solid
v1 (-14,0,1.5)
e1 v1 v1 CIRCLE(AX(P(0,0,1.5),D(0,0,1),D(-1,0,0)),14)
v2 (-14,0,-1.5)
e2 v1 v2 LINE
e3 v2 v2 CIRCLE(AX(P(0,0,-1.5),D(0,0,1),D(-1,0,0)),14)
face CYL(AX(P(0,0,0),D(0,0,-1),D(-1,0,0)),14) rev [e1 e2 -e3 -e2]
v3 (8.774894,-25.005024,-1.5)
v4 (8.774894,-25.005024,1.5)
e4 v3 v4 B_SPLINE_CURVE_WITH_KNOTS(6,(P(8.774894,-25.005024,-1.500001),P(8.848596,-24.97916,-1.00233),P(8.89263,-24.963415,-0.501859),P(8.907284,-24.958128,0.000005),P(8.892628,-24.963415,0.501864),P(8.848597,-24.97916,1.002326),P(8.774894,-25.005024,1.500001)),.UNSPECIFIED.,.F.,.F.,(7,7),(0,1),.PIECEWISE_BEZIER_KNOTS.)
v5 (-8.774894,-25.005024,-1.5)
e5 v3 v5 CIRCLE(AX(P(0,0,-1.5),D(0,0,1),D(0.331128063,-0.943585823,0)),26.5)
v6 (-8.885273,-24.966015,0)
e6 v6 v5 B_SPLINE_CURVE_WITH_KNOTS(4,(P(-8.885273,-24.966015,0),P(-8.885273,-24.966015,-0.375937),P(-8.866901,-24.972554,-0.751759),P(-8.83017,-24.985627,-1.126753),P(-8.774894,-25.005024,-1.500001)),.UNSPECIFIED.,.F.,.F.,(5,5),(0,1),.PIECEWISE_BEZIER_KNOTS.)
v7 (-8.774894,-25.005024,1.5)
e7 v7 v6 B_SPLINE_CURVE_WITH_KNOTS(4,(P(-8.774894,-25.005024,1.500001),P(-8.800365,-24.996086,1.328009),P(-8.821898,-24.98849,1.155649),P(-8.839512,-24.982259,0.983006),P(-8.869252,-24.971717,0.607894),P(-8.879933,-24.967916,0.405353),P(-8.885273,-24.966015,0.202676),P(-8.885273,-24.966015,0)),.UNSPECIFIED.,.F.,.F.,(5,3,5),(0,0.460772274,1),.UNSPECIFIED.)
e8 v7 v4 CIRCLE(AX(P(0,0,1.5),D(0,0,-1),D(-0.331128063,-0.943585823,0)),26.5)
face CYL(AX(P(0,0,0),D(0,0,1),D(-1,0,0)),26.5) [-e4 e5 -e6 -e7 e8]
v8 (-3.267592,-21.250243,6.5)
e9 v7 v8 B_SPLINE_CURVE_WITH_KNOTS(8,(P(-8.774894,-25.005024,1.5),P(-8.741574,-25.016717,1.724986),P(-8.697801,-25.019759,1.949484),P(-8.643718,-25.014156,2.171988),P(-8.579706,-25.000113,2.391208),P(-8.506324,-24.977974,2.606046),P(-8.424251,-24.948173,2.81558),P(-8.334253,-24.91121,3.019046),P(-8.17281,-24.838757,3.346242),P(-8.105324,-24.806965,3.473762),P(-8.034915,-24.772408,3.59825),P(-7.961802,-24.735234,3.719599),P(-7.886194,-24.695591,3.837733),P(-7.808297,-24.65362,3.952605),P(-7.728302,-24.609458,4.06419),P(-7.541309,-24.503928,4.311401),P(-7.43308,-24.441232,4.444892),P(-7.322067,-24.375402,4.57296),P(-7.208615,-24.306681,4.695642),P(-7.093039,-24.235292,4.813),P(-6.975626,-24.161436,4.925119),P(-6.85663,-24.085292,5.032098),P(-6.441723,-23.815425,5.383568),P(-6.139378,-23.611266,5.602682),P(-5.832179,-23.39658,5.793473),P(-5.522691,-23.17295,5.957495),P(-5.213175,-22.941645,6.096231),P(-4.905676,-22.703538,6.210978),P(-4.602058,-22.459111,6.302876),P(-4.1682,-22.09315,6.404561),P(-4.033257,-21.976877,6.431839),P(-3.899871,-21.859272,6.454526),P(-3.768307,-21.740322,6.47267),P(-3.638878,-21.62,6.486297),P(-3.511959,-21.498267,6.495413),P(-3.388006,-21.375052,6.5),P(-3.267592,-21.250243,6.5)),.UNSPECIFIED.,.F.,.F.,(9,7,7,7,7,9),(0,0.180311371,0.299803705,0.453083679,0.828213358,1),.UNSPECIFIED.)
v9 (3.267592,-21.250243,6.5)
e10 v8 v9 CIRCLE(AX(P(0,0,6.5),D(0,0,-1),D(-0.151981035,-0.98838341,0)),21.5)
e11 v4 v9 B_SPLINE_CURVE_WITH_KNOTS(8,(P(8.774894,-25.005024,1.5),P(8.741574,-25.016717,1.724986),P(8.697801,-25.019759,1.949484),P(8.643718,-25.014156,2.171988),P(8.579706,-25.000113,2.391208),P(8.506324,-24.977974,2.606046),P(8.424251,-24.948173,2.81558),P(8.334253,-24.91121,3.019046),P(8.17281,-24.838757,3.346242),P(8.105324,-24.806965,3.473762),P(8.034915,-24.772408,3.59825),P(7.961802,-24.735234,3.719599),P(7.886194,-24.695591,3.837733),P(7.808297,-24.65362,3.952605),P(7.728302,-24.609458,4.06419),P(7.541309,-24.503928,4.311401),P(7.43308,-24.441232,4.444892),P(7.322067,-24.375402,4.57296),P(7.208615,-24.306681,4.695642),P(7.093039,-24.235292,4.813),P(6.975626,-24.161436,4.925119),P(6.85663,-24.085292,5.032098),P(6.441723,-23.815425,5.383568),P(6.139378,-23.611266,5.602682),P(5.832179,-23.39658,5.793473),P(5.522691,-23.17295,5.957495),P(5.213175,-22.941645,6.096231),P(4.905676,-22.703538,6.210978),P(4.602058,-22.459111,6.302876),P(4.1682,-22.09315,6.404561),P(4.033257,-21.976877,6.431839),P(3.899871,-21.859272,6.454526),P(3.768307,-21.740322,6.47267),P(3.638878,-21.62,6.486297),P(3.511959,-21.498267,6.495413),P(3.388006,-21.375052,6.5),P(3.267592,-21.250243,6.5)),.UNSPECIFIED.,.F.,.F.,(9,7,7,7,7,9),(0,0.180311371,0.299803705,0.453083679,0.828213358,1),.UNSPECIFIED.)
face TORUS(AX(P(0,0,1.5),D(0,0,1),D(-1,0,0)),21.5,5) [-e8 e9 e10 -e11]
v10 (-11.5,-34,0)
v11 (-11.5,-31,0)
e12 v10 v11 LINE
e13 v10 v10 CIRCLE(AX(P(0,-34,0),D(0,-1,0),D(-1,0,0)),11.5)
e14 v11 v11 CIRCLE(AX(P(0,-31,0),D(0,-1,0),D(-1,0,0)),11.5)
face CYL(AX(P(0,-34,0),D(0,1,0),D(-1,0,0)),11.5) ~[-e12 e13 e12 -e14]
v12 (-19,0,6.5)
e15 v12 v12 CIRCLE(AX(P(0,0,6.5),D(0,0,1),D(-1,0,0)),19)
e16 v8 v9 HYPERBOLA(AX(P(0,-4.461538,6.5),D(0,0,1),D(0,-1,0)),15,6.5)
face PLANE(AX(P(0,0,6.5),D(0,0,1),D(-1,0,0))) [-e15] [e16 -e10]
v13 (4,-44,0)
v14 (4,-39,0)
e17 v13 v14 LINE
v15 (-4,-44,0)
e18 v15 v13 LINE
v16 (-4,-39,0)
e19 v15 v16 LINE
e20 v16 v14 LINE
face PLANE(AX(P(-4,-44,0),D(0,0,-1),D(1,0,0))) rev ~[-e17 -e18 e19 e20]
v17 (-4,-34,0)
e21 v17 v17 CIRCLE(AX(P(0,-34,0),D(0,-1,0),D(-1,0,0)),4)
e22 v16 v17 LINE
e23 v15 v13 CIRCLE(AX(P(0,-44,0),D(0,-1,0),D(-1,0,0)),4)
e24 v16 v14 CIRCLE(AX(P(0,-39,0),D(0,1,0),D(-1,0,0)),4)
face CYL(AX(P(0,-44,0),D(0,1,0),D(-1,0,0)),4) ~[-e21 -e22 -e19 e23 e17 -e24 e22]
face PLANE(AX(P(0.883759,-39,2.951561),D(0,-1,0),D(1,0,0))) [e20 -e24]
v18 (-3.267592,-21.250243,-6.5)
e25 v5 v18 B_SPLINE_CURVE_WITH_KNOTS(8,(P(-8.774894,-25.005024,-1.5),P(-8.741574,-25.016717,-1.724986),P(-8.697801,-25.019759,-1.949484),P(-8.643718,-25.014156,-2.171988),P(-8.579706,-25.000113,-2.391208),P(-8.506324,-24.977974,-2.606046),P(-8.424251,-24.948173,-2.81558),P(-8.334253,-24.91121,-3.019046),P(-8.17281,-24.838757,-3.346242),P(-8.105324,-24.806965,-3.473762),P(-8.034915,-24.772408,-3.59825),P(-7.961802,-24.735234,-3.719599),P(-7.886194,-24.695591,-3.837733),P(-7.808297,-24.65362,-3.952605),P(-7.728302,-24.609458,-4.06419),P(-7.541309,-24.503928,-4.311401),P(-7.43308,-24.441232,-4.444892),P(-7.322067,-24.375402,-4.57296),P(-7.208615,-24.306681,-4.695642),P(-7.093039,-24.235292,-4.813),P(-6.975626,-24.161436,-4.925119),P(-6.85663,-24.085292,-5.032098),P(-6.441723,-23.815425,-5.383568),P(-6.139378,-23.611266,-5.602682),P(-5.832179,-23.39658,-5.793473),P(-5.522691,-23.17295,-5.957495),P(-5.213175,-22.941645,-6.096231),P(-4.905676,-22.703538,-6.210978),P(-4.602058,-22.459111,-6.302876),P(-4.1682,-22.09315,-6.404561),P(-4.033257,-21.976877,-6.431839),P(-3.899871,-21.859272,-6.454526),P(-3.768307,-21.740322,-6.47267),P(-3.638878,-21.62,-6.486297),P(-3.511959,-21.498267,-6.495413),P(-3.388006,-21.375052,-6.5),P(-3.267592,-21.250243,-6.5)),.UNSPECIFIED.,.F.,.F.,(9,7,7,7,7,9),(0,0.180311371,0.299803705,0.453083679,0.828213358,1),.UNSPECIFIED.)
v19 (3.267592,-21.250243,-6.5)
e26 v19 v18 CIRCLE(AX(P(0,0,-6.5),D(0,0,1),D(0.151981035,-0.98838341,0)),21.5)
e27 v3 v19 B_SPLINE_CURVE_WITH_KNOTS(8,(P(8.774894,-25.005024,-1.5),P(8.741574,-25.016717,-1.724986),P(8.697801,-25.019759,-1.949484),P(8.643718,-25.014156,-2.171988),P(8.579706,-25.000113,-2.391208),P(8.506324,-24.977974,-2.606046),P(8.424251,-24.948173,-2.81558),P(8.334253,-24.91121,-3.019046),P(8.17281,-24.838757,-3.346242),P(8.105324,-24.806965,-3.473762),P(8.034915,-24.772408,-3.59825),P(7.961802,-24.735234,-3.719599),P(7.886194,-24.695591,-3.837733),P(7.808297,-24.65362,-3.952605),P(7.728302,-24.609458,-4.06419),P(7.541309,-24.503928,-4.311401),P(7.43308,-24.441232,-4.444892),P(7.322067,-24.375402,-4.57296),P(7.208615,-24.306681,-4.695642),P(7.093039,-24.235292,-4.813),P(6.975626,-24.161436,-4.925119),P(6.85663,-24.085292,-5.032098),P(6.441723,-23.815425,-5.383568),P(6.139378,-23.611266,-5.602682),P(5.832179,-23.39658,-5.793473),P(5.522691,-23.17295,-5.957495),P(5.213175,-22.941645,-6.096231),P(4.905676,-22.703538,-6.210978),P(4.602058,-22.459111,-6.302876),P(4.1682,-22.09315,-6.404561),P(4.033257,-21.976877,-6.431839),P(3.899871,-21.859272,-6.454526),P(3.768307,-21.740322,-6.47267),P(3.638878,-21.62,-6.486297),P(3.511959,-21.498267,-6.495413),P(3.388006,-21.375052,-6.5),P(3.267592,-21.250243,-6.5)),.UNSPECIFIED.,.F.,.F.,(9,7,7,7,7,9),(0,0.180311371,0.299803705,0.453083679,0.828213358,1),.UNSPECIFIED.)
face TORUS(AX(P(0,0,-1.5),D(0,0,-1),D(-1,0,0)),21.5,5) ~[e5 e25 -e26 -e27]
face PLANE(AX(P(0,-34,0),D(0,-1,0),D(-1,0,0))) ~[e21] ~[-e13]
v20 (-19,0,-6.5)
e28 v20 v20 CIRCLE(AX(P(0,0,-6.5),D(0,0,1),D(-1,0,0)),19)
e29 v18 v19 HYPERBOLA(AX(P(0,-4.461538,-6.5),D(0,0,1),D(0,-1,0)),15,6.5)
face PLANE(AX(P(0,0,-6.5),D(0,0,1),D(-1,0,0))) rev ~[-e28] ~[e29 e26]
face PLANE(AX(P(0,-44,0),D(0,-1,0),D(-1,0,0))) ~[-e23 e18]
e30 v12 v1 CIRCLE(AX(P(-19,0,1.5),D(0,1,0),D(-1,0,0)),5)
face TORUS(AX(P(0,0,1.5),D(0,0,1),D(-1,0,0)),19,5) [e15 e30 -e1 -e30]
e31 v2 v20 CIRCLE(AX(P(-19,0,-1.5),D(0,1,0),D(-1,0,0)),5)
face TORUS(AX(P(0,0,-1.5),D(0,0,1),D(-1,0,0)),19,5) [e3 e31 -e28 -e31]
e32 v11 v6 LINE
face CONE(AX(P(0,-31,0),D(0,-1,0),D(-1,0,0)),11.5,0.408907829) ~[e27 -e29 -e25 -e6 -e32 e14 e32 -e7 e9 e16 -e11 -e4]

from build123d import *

# Parameters (mm, degrees)
ESBO_O2_R                = 26.5
ESBO_O2_R_2              = 14
RESSALTO_EXTRUS_O1_DEPTH = 6.5
FILETE1_R                = 5
ESBO_O4_W                = 9.767517643
ESBO_O4_H                = 5.903122081
CORTE_EXTRUS_O1_DEPTH    = 5


with BuildPart() as part:
    # Esboço2 → Ressalto-extrusão1 (new, symmetric)
    with BuildSketch(Plane.XY):
        with Locations(Location((0, 0, 0), (0, 0, 180))):
            Circle(ESBO_O2_R)
        with Locations(Location((0, 0, 0), (0, 0, 180))):
            Circle(ESBO_O2_R_2, mode=Mode.SUBTRACT)
    extrude(amount=RESSALTO_EXTRUS_O1_DEPTH, both=True)

    # Filete1
    filete1_edges = [part.edges().sort_by_distance(p)[0] for p in [
        (26.5, 0, -6.5),
        (26.5, 0, 6.5),
        (14, 0, -6.5),
        (14, 0, 6.5),
    ]]
    fillet(filete1_edges, radius=FILETE1_R)

    # Esboço3 → Revolução7 (revolve)
    with BuildSketch(Plane.XY, mode=Mode.PRIVATE) as revolu_o7_sk:
        Polygon((5, -16), (0, -16), (0, -44), (4, -44), (4, -34), (11.5, -34), (11.5, -31), align=None)
    revolve(revolu_o7_sk.sketch.rotate(Axis((0, 0, 0), (0, -1, 0)), 180), axis=Axis((0, 0, 0), (0, -1, 0)))

    # Esboço4 → Corte-extrusão1 (cut)
    with BuildSketch(Plane.XZ.offset(44)):
        with Locations((0.883758822, 2.951561041)):
            Rectangle(ESBO_O4_W, ESBO_O4_H)
    extrude(amount=-CORTE_EXTRUS_O1_DEPTH, mode=Mode.SUBTRACT)


solid = part.part
